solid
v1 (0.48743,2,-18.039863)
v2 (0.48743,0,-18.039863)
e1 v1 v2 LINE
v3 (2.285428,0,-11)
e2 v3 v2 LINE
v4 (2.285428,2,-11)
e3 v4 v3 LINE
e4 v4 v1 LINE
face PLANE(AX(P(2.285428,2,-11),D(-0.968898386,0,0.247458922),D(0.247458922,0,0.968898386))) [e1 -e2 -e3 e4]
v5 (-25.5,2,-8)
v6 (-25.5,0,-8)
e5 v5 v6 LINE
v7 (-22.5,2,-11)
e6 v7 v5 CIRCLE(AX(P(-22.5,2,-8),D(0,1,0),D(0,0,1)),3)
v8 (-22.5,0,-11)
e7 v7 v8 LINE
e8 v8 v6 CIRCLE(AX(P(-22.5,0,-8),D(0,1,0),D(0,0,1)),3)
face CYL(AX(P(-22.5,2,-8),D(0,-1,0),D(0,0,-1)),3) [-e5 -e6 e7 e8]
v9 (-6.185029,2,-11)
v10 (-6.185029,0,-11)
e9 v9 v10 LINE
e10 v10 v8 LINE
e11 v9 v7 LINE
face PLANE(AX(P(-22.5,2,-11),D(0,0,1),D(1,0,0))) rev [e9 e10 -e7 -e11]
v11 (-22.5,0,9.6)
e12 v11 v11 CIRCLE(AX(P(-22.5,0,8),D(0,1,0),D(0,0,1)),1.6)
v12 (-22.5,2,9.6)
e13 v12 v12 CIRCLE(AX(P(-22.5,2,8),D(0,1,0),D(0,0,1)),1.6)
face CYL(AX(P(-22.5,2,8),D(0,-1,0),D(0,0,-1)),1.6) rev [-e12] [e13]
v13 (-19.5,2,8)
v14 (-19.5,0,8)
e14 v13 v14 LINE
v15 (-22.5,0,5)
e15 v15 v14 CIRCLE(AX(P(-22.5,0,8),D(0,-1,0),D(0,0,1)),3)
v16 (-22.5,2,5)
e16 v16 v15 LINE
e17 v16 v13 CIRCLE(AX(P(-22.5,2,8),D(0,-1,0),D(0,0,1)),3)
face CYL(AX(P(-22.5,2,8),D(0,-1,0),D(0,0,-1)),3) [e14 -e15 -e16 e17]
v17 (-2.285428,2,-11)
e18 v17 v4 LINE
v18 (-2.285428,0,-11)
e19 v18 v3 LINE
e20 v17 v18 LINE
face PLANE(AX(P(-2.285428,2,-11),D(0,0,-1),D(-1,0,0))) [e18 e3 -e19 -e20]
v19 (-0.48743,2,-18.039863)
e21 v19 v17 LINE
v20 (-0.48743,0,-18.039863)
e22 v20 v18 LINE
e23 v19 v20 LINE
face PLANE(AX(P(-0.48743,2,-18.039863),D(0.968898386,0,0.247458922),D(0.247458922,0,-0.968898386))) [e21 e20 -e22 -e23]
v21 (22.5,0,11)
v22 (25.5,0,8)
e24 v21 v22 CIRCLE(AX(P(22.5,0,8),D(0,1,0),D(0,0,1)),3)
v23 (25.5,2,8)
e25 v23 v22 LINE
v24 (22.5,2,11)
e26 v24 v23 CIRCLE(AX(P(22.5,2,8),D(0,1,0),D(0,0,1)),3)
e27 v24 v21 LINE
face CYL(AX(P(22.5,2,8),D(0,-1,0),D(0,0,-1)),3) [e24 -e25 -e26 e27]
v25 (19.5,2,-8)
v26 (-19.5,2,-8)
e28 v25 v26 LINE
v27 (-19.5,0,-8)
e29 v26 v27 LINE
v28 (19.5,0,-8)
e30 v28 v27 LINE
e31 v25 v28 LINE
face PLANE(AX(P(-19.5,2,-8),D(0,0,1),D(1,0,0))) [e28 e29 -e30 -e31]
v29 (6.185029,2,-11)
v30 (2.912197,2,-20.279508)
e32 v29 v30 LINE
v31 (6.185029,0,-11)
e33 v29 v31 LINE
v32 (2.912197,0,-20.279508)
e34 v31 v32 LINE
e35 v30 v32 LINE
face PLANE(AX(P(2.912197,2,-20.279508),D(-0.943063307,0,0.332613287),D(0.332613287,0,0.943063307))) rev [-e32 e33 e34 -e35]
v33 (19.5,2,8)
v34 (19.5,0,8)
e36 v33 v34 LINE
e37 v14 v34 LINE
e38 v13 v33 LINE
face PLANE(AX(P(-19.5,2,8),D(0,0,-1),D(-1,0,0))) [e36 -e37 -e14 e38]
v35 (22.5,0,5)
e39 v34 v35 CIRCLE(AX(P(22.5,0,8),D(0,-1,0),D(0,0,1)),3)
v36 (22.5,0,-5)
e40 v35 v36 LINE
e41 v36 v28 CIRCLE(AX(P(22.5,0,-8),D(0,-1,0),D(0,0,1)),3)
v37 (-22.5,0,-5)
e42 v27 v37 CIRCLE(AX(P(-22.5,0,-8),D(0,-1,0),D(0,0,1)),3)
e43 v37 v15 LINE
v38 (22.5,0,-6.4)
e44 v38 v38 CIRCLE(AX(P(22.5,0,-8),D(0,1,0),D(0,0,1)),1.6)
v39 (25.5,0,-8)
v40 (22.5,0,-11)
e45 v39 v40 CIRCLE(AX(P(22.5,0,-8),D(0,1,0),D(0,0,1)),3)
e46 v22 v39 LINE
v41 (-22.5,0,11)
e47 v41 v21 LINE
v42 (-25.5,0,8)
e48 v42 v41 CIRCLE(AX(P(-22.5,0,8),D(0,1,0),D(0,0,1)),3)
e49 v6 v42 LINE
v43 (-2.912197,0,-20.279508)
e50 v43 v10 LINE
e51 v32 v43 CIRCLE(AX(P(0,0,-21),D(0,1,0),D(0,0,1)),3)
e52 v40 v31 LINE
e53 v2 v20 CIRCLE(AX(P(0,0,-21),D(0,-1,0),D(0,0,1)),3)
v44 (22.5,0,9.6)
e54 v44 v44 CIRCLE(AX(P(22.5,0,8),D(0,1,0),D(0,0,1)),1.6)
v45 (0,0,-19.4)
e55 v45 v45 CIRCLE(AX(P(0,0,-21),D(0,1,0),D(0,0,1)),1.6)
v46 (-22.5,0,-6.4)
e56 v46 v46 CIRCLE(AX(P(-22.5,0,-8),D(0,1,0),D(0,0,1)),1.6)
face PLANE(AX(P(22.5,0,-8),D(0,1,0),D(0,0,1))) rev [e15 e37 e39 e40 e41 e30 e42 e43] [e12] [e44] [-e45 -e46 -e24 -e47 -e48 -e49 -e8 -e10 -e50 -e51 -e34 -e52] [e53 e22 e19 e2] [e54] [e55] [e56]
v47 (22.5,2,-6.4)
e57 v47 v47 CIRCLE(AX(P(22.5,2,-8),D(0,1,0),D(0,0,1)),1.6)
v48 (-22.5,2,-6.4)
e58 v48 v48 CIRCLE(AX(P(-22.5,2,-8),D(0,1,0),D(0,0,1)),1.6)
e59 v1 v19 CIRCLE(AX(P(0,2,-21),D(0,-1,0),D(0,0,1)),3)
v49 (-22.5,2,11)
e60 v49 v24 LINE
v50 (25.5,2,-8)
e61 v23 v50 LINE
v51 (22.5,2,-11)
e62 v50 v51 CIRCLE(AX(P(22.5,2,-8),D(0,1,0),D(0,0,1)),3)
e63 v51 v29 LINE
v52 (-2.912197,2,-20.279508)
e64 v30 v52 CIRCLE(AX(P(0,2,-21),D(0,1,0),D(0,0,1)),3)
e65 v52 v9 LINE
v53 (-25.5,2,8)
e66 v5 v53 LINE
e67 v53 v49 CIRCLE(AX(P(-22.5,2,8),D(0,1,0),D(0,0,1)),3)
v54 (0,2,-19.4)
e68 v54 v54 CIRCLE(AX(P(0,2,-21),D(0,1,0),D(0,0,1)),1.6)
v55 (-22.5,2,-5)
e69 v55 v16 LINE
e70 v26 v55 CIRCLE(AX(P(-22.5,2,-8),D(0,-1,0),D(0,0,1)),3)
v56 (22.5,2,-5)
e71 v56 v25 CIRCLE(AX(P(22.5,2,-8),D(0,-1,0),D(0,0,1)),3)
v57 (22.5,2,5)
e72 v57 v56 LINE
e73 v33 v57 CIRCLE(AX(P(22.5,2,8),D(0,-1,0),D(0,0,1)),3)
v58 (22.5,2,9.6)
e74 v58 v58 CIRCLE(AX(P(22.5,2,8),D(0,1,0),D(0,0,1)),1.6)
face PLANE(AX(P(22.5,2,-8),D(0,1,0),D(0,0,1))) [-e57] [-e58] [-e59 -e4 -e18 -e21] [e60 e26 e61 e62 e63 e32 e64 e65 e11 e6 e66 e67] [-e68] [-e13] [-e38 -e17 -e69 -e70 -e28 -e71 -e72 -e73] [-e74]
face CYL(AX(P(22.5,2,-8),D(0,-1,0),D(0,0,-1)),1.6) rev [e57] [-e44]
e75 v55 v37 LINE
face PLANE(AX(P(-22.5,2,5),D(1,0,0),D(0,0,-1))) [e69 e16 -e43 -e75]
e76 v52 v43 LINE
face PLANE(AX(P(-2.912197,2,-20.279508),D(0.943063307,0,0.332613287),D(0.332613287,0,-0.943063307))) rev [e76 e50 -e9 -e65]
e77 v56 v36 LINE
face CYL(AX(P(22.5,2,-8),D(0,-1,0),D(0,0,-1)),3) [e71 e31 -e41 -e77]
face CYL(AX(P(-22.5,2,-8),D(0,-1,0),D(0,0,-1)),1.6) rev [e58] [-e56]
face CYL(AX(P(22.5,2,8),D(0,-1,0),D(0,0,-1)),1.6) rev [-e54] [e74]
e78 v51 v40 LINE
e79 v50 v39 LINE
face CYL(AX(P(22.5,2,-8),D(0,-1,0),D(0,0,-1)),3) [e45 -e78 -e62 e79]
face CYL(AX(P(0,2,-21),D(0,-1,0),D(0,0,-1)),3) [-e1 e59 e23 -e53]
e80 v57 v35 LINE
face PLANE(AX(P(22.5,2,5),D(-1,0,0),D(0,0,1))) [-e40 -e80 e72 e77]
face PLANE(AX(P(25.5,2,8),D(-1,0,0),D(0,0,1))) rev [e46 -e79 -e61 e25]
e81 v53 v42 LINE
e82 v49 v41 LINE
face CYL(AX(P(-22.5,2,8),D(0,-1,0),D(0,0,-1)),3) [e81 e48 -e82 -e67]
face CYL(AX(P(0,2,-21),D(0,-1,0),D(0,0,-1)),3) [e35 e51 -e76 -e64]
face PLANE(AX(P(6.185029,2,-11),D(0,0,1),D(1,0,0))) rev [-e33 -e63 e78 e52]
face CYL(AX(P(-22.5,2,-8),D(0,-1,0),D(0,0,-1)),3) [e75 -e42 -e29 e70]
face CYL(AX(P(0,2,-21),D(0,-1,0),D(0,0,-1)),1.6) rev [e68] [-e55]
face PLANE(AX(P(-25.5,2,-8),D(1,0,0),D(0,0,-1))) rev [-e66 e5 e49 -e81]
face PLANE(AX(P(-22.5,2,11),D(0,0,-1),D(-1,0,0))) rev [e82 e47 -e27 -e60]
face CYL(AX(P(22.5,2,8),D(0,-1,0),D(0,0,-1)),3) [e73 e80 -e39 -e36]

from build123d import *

# Parameters (mm, degrees)
SKETCH1_R           = 1.6
BOSS_EXTRUDE1_DEPTH = 2


with BuildPart() as part:
    # Sketch1 → Boss-Extrude1 (new body)
    with BuildSketch(Plane(origin=(0, 0, 0), x_dir=(1, 0, 0), z_dir=(0, 1, 0))):
        with BuildLine():
            Line((6.185029122, 11), (22.5, 11))
            ThreePointArc((22.5, 11), (24.621320344, 10.121320344), (25.5, 8))
            Line((25.5, 8), (25.5, -8))
            ThreePointArc((25.5, -8), (24.621320344, -10.121320344), (22.5, -11))
            Line((22.5, -11), (-22.5, -11))
            ThreePointArc((-22.5, -11), (-24.621320344, -10.121320344), (-25.5, -8))
            Line((-25.5, -8), (-25.5, 8))
            ThreePointArc((-25.5, 8), (-24.621320344, 10.121320344), (-22.5, 11))
            Line((-22.5, 11), (-6.185029122, 11))
            Line((-6.185029122, 11), (-2.912197092, 20.279508432))
            ThreePointArc((-2.912197092, 20.279508432), (0, 24), (2.912197092, 20.279508432))
            Line((2.912197092, 20.279508432), (6.185029122, 11))
        make_face()
        with Locations(Location((-22.5, 8, 0), (0, 0, 270))):
            Circle(SKETCH1_R, mode=Mode.SUBTRACT)
        with Locations(Location((-22.5, -8, 0), (0, 0, 270))):
            Circle(SKETCH1_R, mode=Mode.SUBTRACT)
        with Locations(Location((22.5, -8, 0), (0, 0, 270))):
            Circle(SKETCH1_R, mode=Mode.SUBTRACT)
        with Locations(Location((22.5, 8, 0), (0, 0, 270))):
            Circle(SKETCH1_R, mode=Mode.SUBTRACT)
        with Locations(Location((0, 21, 0), (0, 0, 270))):
            Circle(SKETCH1_R, mode=Mode.SUBTRACT)
        with BuildLine():
            Line((-0.487430468, 18.039862919), (-2.28542798, 11))
            Line((-2.28542798, 11), (2.28542798, 11))
            Line((2.28542798, 11), (0.487430468, 18.039862919))
            ThreePointArc((0.487430468, 18.039862919), (0, 18), (-0.487430468, 18.039862919))
        make_face(mode=Mode.SUBTRACT)
        with BuildLine():
            Line((-19.5, -8), (19.5, -8))
            ThreePointArc((19.5, -8), (20.378679656, -5.878679656), (22.5, -5))
            Line((22.5, -5), (22.5, 5))
            ThreePointArc((22.5, 5), (20.378679656, 5.878679656), (19.5, 8))
            Line((19.5, 8), (-19.5, 8))
            ThreePointArc((-19.5, 8), (-20.378679656, 5.878679656), (-22.5, 5))
            Line((-22.5, 5), (-22.5, -5))
            ThreePointArc((-22.5, -5), (-20.378679656, -5.878679656), (-19.5, -8))
        make_face(mode=Mode.SUBTRACT)
    extrude(amount=BOSS_EXTRUDE1_DEPTH)


solid = part.part
